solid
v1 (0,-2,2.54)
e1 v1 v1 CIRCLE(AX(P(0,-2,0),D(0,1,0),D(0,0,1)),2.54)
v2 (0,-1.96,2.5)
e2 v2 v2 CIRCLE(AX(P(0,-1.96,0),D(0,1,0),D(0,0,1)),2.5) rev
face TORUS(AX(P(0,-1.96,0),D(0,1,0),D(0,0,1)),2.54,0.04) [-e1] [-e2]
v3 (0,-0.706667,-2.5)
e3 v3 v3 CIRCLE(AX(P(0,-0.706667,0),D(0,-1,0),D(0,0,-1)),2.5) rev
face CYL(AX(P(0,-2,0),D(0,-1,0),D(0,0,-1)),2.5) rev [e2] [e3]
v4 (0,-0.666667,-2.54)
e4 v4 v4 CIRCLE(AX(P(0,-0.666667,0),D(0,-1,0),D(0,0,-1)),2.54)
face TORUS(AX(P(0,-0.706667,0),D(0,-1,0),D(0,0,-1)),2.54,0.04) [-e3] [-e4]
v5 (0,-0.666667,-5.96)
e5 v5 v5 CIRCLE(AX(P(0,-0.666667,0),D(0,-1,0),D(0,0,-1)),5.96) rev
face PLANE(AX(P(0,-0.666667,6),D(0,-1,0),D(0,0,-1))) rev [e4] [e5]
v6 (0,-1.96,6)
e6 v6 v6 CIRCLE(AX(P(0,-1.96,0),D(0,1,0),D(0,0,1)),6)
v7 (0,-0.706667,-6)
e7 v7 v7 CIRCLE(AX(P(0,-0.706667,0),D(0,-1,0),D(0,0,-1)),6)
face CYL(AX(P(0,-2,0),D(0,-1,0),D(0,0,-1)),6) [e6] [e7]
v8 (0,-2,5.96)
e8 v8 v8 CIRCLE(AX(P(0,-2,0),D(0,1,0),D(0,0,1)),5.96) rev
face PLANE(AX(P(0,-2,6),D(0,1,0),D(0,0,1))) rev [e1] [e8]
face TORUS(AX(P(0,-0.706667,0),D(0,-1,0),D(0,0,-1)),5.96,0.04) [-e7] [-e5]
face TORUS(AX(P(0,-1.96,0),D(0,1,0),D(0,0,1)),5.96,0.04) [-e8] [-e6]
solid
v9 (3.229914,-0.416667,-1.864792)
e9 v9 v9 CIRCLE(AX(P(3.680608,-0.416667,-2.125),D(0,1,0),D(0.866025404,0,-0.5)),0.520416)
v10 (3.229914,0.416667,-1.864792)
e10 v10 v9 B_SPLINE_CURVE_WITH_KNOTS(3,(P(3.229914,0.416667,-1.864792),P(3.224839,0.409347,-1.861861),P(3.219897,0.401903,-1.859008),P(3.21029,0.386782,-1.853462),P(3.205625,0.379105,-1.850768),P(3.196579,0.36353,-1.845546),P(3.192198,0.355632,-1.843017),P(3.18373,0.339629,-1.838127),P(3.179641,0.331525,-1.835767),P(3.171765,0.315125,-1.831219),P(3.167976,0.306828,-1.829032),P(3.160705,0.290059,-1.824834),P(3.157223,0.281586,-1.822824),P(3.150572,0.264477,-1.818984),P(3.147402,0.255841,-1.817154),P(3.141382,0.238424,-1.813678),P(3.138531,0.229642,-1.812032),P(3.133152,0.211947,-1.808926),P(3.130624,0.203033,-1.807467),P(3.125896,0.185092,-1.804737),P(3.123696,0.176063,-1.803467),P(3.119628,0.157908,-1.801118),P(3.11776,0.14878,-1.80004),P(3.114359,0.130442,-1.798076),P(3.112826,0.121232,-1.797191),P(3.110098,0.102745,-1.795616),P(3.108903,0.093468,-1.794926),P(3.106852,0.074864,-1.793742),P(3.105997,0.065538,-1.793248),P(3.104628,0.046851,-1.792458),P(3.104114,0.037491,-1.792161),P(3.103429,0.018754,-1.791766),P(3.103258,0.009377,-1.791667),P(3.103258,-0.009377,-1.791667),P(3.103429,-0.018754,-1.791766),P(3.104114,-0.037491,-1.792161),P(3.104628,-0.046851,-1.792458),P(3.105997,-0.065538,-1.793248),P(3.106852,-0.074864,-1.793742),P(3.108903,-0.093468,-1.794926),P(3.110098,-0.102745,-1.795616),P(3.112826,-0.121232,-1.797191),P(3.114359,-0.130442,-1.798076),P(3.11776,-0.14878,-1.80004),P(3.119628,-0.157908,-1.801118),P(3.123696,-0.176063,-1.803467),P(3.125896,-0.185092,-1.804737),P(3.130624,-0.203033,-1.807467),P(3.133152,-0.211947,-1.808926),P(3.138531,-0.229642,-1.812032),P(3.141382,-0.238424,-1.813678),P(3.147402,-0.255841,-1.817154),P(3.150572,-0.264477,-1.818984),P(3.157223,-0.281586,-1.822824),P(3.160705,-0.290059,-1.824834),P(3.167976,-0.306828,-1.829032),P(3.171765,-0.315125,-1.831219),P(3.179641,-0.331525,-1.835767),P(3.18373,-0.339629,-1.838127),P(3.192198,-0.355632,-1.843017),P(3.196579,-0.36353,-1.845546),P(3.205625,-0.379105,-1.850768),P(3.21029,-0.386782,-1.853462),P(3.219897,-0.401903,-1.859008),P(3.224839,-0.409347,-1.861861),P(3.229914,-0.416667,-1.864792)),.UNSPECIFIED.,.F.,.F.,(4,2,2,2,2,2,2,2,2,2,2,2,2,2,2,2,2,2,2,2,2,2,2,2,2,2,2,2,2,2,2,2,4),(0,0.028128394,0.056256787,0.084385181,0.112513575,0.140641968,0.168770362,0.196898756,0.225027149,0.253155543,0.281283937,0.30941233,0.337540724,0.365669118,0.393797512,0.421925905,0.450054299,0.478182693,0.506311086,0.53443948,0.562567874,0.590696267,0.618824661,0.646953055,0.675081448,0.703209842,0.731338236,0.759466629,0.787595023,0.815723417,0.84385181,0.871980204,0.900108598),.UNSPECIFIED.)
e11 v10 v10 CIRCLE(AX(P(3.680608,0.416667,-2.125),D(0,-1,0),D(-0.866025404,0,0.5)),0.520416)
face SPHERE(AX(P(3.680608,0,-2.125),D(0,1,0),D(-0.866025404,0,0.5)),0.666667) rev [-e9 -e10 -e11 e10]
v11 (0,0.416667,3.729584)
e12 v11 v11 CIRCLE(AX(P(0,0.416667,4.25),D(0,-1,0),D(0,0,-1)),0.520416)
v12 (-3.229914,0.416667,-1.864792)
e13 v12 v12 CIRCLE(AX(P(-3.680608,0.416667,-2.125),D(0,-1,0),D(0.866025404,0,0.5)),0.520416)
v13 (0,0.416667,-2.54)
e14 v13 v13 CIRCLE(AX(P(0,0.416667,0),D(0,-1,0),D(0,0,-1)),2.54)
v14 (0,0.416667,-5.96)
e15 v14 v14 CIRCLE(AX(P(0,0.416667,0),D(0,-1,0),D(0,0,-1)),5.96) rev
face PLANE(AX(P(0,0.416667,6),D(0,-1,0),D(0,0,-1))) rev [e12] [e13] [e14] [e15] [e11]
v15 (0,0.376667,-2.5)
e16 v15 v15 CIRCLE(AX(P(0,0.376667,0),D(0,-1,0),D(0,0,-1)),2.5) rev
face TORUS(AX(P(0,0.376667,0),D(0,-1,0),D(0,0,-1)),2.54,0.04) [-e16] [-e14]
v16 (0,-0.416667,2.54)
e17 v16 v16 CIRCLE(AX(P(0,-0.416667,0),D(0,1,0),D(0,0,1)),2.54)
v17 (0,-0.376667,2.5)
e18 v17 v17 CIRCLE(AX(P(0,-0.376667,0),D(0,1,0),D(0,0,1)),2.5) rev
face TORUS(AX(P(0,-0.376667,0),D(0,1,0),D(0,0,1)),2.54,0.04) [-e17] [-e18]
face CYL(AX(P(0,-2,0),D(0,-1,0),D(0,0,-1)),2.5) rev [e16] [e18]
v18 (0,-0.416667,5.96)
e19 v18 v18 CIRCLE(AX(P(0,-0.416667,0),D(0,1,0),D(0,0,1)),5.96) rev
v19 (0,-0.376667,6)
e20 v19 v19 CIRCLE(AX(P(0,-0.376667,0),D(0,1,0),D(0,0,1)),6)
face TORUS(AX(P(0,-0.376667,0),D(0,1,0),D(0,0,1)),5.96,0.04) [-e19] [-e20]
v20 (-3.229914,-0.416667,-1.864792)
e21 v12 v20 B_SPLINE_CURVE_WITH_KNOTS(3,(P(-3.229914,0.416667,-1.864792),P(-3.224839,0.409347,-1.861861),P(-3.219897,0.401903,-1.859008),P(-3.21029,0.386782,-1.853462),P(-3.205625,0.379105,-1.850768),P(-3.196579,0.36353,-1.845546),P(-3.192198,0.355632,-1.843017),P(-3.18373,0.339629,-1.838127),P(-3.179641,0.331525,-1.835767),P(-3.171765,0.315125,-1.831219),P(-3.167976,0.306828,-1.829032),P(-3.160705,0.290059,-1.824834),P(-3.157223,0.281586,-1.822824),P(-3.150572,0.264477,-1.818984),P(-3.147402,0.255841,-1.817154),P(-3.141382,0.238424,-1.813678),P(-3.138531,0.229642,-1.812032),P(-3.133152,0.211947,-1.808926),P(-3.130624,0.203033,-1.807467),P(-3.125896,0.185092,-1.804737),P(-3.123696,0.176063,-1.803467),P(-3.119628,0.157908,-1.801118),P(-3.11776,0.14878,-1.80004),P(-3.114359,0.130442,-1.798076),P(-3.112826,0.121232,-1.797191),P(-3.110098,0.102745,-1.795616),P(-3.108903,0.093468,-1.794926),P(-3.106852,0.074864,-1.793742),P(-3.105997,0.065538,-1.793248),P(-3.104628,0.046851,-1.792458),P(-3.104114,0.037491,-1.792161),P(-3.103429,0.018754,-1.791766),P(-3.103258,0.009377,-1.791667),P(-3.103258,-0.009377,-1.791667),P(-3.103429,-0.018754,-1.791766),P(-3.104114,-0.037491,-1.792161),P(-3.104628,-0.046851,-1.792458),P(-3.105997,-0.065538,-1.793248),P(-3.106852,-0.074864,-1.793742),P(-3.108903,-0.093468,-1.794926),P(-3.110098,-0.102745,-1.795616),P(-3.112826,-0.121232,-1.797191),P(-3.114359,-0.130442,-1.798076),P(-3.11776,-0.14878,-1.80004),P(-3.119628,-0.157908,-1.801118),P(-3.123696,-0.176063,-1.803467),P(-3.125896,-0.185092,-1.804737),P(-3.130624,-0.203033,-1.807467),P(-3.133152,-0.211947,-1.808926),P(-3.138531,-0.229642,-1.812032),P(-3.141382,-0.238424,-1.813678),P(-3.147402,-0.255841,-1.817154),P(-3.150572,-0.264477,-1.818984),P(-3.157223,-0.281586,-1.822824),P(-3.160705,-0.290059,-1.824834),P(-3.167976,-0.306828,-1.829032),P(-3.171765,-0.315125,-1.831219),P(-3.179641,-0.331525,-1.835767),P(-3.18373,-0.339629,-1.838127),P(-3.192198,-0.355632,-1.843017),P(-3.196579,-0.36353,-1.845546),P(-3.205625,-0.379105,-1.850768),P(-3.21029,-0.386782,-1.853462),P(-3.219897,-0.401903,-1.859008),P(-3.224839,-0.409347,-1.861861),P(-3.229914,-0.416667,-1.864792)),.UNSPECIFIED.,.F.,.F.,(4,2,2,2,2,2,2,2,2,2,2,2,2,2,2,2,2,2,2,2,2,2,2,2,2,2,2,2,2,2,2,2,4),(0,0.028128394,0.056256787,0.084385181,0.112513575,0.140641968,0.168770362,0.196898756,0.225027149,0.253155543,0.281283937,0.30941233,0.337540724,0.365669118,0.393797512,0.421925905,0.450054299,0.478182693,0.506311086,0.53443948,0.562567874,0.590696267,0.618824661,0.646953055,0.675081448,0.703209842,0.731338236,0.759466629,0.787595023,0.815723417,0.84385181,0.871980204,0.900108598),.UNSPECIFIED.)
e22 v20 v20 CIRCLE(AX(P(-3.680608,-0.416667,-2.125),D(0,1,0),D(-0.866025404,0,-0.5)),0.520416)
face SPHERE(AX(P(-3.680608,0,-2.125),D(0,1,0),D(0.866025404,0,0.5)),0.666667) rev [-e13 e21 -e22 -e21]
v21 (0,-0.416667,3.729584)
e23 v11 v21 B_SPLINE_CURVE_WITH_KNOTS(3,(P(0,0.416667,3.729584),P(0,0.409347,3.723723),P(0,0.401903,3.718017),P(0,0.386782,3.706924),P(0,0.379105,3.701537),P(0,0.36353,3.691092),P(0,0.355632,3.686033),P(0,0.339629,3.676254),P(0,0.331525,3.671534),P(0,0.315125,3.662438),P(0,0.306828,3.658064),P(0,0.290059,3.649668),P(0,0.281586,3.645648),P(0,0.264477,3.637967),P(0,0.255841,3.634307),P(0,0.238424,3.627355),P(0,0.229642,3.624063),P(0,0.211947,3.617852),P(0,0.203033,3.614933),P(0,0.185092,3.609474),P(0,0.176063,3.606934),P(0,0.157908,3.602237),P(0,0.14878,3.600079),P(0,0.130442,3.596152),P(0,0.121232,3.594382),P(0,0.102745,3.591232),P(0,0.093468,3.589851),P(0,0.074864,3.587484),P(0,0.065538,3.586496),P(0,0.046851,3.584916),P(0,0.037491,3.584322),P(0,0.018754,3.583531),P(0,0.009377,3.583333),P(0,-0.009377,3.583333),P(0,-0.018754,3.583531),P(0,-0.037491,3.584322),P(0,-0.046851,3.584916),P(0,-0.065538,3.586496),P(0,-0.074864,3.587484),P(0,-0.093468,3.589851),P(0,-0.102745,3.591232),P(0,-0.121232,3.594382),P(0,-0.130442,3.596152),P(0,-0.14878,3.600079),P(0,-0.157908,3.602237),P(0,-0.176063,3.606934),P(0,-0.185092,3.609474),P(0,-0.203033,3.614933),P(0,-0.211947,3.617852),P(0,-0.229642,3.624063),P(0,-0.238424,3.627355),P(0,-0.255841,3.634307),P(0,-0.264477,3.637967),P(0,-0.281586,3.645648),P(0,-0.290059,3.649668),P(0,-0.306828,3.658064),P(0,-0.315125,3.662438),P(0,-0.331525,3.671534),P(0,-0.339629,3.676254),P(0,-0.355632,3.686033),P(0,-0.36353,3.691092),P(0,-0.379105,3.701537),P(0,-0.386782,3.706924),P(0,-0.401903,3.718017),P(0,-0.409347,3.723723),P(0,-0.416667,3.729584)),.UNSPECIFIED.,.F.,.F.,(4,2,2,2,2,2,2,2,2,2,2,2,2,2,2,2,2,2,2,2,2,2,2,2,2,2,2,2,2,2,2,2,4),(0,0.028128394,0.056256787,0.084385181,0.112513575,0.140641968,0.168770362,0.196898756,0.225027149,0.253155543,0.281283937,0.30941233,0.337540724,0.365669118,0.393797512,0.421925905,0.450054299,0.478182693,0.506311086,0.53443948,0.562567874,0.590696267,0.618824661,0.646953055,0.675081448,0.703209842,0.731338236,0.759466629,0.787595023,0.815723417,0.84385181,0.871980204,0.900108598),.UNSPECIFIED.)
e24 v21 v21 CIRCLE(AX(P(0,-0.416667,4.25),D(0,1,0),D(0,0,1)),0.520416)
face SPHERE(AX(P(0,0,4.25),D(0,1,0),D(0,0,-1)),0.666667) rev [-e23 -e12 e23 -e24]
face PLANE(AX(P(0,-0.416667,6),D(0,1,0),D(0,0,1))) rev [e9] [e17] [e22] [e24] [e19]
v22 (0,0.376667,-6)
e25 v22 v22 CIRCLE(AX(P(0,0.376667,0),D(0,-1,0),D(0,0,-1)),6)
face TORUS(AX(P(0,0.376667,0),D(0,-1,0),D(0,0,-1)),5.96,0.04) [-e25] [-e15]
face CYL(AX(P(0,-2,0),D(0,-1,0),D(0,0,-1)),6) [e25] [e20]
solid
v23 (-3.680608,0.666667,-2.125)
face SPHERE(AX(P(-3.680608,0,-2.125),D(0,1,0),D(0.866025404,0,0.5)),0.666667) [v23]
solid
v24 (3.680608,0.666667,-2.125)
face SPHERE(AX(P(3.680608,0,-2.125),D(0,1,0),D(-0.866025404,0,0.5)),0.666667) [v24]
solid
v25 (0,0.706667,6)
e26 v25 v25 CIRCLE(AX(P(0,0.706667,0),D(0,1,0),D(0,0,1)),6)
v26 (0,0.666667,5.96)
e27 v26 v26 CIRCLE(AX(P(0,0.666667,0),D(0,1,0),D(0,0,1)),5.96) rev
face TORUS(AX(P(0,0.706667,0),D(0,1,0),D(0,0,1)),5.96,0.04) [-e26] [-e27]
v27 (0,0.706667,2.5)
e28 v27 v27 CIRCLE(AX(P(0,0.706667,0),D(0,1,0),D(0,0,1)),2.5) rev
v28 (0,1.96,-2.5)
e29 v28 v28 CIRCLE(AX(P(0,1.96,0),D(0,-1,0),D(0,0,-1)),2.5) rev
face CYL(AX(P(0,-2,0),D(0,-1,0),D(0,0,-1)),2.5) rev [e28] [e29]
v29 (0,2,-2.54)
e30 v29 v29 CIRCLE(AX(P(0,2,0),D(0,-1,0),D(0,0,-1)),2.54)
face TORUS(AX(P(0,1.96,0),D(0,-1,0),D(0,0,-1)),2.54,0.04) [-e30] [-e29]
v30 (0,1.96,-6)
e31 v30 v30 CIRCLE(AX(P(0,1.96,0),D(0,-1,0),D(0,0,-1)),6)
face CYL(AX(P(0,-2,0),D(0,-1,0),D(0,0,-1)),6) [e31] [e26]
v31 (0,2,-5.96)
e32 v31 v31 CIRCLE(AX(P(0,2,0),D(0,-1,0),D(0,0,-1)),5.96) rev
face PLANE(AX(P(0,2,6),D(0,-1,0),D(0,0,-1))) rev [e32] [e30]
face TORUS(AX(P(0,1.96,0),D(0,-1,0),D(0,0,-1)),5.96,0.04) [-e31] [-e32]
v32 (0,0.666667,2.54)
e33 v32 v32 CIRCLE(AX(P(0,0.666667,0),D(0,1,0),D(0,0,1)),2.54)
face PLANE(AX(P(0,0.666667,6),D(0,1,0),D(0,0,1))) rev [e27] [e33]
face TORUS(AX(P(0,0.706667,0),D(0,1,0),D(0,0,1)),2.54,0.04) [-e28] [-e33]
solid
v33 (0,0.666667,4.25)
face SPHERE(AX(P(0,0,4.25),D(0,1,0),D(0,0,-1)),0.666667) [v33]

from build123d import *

# Parameters (mm, degrees)
SKETCH1_W         = 3.5
SKETCH1_H         = 0.833333334
CIRPATTERN1_COUNT = 3
CIRPATTERN1_ANGLE = 240
CIRPATTERN2_COUNT = 3
SKETCH4_W         = 3.5
SKETCH4_H         = 1.333333333
FILLET1_R         = 0.04
FILLET2_R         = 0.04
FILLET3_R         = 0.04


with BuildPart() as part:
    # Sketch1 → Revolve1 (revolve)
    with BuildSketch(Plane(origin=(0, 0, 0), x_dir=(0, 0, -1), z_dir=(1, 0, 0)), mode=Mode.PRIVATE) as revolve1_sk:
        with Locations((-4.25, 0)):
            Rectangle(SKETCH1_W, SKETCH1_H)
    revolve(revolve1_sk.sketch.rotate(Axis((0, -2, 0), (0, 1, 0)), 180), axis=Axis((0, -2, 0), (0, 1, 0)))

    # Sketch3 → Cut-Revolve1 (revolve, cut)
    with BuildSketch(Plane(origin=(0, 0, 0), x_dir=(0, 0, -1), z_dir=(1, 0, 0))):
        with BuildLine():
            Line((-4.25, 0.666666667), (-4.25, -0.666666667))
            ThreePointArc((-4.25, -0.666666667), (-4.916666667, 0), (-4.25, 0.666666667))
        make_face()
    cut_revolve1 = revolve(axis=Axis((0, 0.666666667, 4.25), (0, -1, 0)), mode=Mode.SUBTRACT)

    # CirPattern2: Cut-Revolve1 ×3 about axis
    cirpattern2_axis = Axis((0, 0, 0), (0, 1, 0))
    for i in range(1, CIRPATTERN2_COUNT):
        add(cut_revolve1.rotate(cirpattern2_axis, i * 360 / CIRPATTERN2_COUNT), mode=Mode.SUBTRACT)

    # Fillet2
    fillet2_edges = [part.edges().sort_by_distance(p)[0] for p in [
        (0, 0.416666667, 6),
        (0, 0.416666667, 2.5),
        (0, -0.416666667, 2.5),
        (0, -0.416666667, 6),
    ]]
    fillet(fillet2_edges, radius=FILLET2_R)


with BuildPart() as body_2:
    # Sketch2 → Revolve2 (revolve)
    with BuildSketch(Plane(origin=(0, 0, 0), x_dir=(0, 0, -1), z_dir=(1, 0, 0))):
        with BuildLine():
            Line((-4.25, 0.666666667), (-4.25, -0.666666667))
            ThreePointArc((-4.25, -0.666666667), (-4.916666667, 0), (-4.25, 0.666666667))
        make_face()
    revolve(axis=Axis((0, 0.666666667, 4.25), (0, -1, 0)))


with BuildPart() as cirpattern1_1:
    # CirPattern1: pattern copy
    add(body_2.part.rotate(Axis((0, 2, 0), (0, -1, 0)), 1 * CIRPATTERN1_ANGLE / (CIRPATTERN1_COUNT - 1)))


with BuildPart() as cirpattern1_2:
    # CirPattern1: pattern copy
    add(body_2.part.rotate(Axis((0, 2, 0), (0, -1, 0)), 2 * CIRPATTERN1_ANGLE / (CIRPATTERN1_COUNT - 1)))


with BuildPart() as body_5:
    # Sketch4 → Revolve3 (revolve)
    with BuildSketch(Plane(origin=(0, 0, 0), x_dir=(0, 0, -1), z_dir=(1, 0, 0)), mode=Mode.PRIVATE) as revolve3_sk:
        with Locations((-4.25, 1.333333333)):
            Rectangle(SKETCH4_W, SKETCH4_H)
        with Locations((-4.25, -1.333333333)):
            Rectangle(SKETCH4_W, SKETCH4_H)
    revolve(revolve3_sk.sketch.rotate(Axis((0, -2, 0), (0, 1, 0)), 180), axis=Axis((0, -2, 0), (0, 1, 0)))

    # Fillet1
    fillet1_edges = [body_5.edges().sort_by_distance(p)[0] for p in [
        (0, 0.666666667, 6),
        (0, 0.666666667, 2.5),
        (0, 2, 2.5),
        (0, 2, 6),
    ]]
    fillet(fillet1_edges, radius=FILLET1_R)

    # Fillet3
    fillet3_edges = [body_5.edges().sort_by_distance(p)[0] for p in [
        (0, -2, 6),
        (0, -2, 2.5),
        (0, -0.666666667, 2.5),
        (0, -0.666666667, 6),
    ]]
    fillet(fillet3_edges, radius=FILLET3_R)


solid = Compound([part.part, body_2.part, cirpattern1_1.part, cirpattern1_2.part, body_5.part])
